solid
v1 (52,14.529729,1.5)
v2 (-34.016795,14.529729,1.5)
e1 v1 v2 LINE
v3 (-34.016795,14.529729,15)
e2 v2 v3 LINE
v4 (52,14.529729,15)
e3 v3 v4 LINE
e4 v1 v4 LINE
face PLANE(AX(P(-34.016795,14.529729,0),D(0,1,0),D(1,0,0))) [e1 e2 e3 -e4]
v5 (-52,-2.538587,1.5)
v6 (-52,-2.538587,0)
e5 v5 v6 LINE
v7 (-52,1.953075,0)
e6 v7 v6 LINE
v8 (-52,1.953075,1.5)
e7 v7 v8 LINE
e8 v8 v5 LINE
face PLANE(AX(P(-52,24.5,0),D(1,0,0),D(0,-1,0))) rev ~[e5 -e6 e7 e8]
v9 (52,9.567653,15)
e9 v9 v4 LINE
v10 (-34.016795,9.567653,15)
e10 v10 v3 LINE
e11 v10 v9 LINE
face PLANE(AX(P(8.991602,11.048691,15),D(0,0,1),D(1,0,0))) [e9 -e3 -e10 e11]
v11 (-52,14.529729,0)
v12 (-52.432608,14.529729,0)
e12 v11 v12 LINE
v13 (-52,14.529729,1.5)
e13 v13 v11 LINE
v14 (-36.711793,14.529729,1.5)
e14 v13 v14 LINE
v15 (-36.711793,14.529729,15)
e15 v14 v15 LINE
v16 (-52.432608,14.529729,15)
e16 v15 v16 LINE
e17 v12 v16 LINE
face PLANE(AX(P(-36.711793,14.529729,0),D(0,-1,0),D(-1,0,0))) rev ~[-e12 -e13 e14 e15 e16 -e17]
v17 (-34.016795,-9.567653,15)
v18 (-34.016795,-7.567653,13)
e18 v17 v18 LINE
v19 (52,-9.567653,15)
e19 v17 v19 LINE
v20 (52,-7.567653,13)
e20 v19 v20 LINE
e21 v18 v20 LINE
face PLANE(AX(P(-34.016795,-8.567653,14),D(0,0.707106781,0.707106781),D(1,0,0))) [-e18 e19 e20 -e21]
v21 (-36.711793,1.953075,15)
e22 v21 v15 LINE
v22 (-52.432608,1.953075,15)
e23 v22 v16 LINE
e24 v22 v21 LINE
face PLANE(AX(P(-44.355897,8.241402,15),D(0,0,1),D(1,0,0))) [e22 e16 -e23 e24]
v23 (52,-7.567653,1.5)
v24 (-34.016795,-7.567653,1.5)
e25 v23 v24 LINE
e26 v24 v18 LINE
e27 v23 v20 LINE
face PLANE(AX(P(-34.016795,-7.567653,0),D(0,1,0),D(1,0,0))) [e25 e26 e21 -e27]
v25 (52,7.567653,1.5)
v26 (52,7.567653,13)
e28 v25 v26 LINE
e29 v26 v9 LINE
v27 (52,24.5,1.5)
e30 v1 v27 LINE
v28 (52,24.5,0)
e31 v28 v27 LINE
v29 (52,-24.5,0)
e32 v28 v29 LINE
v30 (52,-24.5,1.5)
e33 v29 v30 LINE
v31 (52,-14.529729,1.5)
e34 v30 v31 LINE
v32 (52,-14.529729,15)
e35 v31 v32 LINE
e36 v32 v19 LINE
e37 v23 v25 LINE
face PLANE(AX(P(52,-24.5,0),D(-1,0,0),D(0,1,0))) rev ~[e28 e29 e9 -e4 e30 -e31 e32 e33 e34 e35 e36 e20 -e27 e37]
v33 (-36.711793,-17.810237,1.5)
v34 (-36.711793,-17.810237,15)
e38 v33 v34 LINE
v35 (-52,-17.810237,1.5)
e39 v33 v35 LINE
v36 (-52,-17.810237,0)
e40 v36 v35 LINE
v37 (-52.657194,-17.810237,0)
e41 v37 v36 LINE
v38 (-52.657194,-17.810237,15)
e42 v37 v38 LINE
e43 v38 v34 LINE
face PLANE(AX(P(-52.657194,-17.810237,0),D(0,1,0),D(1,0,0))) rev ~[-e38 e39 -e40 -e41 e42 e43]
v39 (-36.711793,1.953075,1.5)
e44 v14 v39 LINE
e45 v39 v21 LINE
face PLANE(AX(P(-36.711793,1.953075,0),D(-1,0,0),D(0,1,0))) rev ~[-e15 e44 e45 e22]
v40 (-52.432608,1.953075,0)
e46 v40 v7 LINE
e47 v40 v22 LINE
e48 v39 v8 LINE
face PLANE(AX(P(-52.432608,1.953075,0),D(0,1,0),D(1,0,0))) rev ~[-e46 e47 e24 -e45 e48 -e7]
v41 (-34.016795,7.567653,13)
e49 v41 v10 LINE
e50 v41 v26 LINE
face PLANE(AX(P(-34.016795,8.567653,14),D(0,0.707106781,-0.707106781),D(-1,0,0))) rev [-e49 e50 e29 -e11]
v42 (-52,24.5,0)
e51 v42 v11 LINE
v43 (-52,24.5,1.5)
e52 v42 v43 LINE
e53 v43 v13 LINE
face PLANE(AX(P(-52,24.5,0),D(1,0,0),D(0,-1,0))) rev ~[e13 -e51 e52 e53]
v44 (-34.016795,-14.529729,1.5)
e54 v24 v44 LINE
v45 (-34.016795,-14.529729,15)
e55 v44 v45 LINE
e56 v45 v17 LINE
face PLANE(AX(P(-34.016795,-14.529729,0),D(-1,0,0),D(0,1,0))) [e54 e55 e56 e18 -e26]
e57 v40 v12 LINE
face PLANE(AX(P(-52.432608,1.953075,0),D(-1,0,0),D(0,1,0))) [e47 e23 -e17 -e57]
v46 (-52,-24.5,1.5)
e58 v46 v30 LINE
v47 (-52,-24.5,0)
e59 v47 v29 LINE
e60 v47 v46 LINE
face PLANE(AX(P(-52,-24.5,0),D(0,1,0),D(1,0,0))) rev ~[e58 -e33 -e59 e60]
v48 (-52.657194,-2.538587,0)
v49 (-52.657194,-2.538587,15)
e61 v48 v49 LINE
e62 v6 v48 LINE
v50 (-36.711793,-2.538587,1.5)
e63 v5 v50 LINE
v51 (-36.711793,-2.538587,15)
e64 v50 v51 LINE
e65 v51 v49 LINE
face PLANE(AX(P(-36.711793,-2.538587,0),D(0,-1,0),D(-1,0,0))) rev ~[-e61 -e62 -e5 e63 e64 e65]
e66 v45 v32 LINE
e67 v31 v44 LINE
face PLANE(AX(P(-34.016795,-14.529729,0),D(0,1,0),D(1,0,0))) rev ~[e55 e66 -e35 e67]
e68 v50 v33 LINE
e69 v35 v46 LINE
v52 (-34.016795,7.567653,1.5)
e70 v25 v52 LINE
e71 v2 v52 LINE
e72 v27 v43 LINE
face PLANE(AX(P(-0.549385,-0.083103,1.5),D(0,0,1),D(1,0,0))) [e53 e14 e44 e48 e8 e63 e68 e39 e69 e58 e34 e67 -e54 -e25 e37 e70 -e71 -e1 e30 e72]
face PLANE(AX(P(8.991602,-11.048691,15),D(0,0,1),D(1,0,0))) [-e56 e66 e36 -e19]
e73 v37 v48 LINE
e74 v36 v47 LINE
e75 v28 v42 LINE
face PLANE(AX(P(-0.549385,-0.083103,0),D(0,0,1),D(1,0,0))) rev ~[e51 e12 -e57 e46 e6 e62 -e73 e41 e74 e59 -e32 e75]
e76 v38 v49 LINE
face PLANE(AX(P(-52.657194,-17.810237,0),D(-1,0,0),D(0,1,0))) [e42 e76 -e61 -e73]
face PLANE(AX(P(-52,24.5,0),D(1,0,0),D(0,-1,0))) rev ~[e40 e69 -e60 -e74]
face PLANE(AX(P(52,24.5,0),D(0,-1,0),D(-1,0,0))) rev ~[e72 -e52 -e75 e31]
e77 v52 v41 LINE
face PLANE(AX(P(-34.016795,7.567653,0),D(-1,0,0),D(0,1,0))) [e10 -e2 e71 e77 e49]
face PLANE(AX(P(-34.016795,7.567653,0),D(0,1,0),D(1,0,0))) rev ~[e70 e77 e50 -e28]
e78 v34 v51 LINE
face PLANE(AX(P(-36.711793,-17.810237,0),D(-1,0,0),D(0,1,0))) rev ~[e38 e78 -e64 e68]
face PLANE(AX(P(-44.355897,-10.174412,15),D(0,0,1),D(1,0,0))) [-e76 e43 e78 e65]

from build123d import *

# Parameters (mm, degrees)
F0_W     = 15.2882066071
F0_H     = 15.2716501616
F0_H_2   = 12.5766545534
F0_W_2   = 86.0167954564
F0_H_3   = 6.9620762952
F1_DEPTH = 1.5
F0_W_3   = 0.6571944356
F0_W_4   = 0.4326078594
F2_DEPTH = 15
F3_SIZE  = 2


with BuildPart() as f1:
    # F0 (on Top) → F1 (new body)
    with BuildSketch(Plane.XY):
        Polygon((52, 14.529729262), (52, 24.5), (-52, 24.5), (-52, 14.529729262), (-36.7117933929, 14.529729262), (-36.7117933929, 1.9530747086), (-52, 1.9530747086), (-52, -2.5385871995), (-36.7117933929, -2.5385871995), (-36.7117933929, -17.8102373611), (-52, -17.8102373611), (-52, -24.5), (52, -24.5), (52, -14.529729262), (-34.0167954564, -14.529729262), (-34.0167954564, -7.5676529668), (52, -7.5676529668), (52, 7.5676529668), (-34.0167954564, 7.5676529668), (-34.0167954564, 14.529729262), align=None)
        with Locations((-44.3558966964, -10.1744122803)):
            Rectangle(F0_W, F0_H)
        with Locations((-44.3558966964, 8.2414019853)):
            Rectangle(F0_W, F0_H_2)
        with Locations((8.9916022718, 11.0486911144)):
            Rectangle(F0_W_2, F0_H_3)
        with Locations((8.9916022718, -11.0486911144)):
            Rectangle(F0_W_2, F0_H_3)
    extrude(amount=F1_DEPTH)

    # F0 (on Top) → F2 (join)
    with BuildSketch(Plane.XY):
        with Locations((-44.3558966964, 8.2414019853)):
            Rectangle(F0_W, F0_H_2)
        with Locations((-44.3558966964, -10.1744122803)):
            Rectangle(F0_W, F0_H)
        with Locations((-52.3285972178, -10.1744122803)):
            Rectangle(F0_W_3, F0_H)
        with Locations((-52.2163039297, 8.2414019853)):
            Rectangle(F0_W_4, F0_H_2)
        with Locations((8.9916022718, 11.0486911144)):
            Rectangle(F0_W_2, F0_H_3)
        with Locations((8.9916022718, -11.0486911144)):
            Rectangle(F0_W_2, F0_H_3)
    extrude(amount=F2_DEPTH)

    # F3
    f3_edges = [f1.edges().sort_by_distance(p)[0] for p in [
        (8.991602, -7.567653, 15),
        (8.991602, 7.567653, 15),
    ]]
    chamfer(f3_edges, length=F3_SIZE)


solid = f1.part
